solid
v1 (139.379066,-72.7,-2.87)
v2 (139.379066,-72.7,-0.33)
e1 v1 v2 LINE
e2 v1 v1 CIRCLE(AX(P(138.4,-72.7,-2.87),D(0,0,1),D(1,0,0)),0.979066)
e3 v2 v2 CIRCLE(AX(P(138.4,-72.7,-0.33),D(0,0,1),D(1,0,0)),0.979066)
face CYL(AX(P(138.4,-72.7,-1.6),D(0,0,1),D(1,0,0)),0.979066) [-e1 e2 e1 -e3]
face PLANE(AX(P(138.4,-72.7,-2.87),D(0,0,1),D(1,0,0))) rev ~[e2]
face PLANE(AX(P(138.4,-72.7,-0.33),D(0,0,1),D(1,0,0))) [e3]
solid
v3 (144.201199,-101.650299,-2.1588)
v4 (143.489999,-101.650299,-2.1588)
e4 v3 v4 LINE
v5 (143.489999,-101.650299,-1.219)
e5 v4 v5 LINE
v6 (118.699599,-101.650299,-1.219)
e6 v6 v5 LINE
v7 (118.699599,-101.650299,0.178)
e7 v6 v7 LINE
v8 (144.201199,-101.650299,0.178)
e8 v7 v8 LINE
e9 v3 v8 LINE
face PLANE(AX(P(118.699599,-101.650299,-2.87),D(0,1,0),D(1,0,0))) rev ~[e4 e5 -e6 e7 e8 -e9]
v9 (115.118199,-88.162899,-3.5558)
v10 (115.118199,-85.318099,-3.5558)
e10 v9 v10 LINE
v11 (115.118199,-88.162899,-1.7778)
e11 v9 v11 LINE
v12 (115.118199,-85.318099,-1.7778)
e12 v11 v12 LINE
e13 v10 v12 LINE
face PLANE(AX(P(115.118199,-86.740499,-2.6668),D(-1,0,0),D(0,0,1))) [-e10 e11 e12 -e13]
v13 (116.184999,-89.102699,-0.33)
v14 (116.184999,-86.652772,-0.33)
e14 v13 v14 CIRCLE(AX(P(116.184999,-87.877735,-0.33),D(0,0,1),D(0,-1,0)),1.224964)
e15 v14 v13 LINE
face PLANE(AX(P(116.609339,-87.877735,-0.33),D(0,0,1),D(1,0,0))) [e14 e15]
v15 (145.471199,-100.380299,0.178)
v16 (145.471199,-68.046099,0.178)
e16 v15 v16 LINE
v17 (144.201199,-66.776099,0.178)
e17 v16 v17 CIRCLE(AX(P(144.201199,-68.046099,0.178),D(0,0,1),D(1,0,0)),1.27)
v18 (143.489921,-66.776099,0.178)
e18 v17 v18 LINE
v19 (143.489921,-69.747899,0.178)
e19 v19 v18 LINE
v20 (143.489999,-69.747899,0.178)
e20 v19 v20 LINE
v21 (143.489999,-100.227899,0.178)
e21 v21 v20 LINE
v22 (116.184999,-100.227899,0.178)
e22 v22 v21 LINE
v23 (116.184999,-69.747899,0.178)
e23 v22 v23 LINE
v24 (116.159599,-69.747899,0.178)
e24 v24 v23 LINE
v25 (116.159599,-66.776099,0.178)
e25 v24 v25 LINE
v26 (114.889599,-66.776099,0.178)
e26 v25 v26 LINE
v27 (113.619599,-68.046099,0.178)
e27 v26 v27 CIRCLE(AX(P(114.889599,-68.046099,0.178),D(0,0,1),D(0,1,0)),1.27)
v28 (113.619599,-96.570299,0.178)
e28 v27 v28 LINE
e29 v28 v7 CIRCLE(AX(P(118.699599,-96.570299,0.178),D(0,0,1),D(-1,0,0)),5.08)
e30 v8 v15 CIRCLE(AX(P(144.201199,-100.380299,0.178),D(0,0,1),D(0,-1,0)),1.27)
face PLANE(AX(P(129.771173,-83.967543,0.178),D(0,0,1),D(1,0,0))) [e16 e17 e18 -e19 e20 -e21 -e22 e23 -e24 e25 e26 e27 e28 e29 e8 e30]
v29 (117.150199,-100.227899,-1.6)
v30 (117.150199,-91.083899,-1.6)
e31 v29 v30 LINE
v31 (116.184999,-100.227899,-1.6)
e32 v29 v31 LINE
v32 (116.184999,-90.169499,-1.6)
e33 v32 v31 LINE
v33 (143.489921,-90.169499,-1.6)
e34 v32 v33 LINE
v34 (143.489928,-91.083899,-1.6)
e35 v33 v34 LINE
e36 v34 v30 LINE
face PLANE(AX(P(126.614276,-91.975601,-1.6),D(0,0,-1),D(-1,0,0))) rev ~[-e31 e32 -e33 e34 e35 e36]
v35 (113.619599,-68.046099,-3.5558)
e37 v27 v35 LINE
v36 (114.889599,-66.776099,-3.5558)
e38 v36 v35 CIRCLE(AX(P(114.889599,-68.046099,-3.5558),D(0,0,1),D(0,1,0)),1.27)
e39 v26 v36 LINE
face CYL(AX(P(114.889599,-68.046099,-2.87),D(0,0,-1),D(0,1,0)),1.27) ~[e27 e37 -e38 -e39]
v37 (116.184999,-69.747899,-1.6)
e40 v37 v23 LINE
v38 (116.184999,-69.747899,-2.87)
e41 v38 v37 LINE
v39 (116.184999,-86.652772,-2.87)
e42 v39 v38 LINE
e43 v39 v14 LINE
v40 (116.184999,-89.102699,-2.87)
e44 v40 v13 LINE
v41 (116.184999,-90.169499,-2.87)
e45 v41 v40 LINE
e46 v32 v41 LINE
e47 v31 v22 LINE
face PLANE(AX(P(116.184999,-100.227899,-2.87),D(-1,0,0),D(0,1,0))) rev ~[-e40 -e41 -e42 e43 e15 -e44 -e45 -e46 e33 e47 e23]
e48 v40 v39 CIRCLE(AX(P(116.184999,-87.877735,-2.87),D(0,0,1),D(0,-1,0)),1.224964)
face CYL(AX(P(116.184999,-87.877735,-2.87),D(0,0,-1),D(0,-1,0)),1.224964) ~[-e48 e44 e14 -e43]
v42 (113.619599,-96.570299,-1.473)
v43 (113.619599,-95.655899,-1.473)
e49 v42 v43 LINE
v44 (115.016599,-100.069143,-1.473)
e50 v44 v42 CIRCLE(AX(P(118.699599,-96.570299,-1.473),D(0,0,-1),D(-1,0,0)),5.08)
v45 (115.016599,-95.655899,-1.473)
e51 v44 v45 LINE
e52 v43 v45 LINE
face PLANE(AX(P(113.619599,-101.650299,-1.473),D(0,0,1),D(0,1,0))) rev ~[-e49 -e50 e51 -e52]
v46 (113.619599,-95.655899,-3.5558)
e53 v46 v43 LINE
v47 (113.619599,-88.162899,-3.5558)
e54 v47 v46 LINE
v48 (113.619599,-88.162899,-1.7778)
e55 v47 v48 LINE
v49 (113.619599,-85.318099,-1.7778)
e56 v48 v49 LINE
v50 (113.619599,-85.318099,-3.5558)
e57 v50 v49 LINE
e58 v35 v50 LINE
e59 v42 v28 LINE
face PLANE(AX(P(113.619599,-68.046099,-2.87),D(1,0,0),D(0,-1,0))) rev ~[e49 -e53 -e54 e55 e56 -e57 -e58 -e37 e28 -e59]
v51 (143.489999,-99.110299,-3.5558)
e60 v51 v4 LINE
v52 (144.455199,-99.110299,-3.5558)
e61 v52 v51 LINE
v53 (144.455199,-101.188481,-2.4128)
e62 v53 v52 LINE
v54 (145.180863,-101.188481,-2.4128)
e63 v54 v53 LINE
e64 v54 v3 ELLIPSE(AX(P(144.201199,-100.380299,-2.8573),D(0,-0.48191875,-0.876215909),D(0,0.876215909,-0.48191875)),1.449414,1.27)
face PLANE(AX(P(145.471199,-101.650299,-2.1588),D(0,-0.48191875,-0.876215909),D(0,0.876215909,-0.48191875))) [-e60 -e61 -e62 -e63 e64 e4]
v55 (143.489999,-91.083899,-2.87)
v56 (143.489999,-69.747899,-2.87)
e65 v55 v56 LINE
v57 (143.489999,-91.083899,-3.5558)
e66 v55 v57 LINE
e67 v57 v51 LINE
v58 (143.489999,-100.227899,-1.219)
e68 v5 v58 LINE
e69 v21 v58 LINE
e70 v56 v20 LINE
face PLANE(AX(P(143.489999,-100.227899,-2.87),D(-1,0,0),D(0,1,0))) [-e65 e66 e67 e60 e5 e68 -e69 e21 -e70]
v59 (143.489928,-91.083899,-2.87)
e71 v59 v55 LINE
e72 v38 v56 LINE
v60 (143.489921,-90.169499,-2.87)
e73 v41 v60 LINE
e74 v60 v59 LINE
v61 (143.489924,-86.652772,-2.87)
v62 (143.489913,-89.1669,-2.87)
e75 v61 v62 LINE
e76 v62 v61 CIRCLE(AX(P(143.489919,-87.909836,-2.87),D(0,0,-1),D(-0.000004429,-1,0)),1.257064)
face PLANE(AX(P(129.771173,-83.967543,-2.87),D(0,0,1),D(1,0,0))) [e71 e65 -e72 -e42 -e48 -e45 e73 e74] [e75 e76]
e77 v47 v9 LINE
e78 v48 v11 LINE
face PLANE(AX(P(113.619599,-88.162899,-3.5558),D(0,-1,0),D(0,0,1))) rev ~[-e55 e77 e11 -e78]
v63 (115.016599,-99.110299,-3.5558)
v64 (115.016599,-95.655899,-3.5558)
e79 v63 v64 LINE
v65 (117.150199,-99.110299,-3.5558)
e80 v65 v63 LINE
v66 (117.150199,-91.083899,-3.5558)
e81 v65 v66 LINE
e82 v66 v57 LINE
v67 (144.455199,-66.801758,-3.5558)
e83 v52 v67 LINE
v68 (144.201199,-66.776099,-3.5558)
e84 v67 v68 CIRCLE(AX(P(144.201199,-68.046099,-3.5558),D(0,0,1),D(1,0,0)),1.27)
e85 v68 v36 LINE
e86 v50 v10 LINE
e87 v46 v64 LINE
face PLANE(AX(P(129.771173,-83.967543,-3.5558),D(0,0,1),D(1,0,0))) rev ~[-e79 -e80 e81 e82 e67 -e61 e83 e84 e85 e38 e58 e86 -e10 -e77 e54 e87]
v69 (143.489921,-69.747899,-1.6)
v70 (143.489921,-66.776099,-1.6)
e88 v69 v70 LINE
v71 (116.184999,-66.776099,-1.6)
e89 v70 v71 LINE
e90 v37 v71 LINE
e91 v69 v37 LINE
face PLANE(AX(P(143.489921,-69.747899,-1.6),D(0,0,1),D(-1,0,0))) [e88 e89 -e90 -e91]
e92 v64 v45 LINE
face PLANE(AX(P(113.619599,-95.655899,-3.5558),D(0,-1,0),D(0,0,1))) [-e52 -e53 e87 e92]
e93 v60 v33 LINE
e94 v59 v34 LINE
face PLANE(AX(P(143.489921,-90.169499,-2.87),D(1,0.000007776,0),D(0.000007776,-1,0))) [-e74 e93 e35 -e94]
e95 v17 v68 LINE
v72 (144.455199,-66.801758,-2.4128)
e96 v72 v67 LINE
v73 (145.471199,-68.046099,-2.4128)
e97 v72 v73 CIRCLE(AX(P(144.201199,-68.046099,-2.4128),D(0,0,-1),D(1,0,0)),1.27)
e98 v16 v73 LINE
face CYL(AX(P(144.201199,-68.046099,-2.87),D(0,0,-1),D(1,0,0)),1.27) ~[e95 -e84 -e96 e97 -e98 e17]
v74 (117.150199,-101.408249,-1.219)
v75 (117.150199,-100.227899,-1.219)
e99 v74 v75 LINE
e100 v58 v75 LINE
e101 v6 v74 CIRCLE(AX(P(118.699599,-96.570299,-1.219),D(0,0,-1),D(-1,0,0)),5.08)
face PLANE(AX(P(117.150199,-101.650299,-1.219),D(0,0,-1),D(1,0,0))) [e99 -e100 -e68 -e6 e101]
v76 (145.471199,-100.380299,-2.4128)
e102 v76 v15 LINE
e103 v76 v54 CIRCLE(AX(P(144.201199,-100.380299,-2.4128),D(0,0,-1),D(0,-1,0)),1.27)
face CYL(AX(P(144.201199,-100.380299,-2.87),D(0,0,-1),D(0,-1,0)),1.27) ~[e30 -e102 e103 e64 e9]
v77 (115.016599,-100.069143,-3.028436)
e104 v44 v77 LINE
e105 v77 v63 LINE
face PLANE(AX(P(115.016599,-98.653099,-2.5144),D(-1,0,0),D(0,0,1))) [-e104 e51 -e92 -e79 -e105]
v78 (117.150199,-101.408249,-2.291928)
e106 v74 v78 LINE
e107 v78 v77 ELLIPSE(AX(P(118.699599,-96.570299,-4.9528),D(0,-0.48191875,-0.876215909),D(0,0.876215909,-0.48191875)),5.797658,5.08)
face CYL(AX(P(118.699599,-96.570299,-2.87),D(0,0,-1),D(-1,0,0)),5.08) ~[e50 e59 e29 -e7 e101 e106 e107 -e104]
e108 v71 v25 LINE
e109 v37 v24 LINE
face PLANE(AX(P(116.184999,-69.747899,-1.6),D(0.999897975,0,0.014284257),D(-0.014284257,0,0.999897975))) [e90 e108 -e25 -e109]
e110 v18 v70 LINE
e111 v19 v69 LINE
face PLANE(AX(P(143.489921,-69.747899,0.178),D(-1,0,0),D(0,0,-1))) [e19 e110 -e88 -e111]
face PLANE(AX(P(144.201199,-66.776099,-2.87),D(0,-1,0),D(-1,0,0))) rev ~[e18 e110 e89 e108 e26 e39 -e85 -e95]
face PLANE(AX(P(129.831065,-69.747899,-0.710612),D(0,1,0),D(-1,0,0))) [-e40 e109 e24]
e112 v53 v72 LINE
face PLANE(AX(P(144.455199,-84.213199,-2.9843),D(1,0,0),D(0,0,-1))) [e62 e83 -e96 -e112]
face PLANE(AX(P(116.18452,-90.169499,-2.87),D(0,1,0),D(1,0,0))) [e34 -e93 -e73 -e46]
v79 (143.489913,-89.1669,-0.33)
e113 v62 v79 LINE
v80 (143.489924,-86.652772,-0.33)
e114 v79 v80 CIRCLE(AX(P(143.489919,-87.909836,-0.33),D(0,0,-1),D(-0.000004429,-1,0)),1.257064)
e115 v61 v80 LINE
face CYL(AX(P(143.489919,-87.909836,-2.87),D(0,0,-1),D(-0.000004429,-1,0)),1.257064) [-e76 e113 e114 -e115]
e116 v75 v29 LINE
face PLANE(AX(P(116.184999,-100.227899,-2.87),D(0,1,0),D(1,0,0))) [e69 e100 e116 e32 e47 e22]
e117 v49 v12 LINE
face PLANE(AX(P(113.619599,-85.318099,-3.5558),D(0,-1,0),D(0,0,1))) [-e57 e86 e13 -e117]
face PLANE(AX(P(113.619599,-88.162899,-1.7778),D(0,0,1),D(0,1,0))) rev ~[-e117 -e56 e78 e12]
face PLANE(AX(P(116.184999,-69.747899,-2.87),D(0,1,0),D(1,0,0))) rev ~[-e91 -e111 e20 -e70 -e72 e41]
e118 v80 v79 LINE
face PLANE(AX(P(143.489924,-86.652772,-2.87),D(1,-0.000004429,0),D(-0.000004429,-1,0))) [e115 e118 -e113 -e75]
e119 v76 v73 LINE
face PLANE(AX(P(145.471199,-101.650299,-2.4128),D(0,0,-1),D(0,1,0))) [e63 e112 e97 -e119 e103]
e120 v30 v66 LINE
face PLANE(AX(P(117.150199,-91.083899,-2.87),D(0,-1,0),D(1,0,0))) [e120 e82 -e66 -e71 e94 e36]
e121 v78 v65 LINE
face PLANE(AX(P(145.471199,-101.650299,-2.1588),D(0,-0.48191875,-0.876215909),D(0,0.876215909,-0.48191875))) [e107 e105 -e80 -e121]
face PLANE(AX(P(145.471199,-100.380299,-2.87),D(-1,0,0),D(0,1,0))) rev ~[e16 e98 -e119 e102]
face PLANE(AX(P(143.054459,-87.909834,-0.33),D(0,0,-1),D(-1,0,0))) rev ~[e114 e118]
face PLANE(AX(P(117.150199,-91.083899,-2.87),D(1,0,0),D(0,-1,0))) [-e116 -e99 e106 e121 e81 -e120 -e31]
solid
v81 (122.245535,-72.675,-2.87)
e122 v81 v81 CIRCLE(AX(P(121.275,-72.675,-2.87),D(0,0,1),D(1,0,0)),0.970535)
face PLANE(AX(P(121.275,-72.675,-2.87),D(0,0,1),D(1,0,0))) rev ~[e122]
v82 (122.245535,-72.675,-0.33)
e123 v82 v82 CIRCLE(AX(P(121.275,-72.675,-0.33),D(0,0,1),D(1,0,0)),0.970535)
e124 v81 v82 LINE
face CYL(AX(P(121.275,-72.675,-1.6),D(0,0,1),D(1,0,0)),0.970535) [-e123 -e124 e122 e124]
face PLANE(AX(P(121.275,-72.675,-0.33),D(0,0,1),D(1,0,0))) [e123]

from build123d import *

# Parameters (mm, degrees)
SKETCH1_R                  = 0.970535
BOSS_EXTRUDE1_DEPTH        = 1.27
BOSS_EXTRUDE1_DEPTH_BACK   = 1.27
SKETCH1_R_2                = 0.979066
BOSS_EXTRUDE1_2_DEPTH      = 1.27
BOSS_EXTRUDE1_2_DEPTH_BACK = 1.27
SKETCH4_W                  = 26.3398
SKETCH4_H                  = 9.144
BOSS_EXTRUDE2_DEPTH        = 0.6858
SKETCH7_W                  = 27.305
SKETCH7_H                  = 30.48
BOSS_EXTRUDE10_DEPTH       = 3.048
BOSS_EXTRUDE11_DEPTH       = 2.54
BOSS_EXTRUDE12_DEPTH       = 1.27
SKETCH11_W                 = 1.143
SKETCH11_H                 = 34.8742
CUT_EXTRUDE2_DEPTH         = 1.016
CUT_EXTRUDE3_DEPTH         = 2.9718
CUT_EXTRUDE4_DEPTH         = 31.8516
SKETCH14_W                 = 2.0828
SKETCH14_H                 = 5.9944
CUT_EXTRUDE5_DEPTH         = 1.397
SKETCH15_W                 = 1.778
SKETCH15_H                 = 2.8448
CUT_EXTRUDE6_DEPTH         = 1.4986
SKETCH16_W                 = 26.3398
SKETCH16_H                 = 2.3368
CUT_EXTRUDE7_DEPTH         = 3.81


with BuildPart() as part:
    # Sketch1 → Boss-Extrude1 (new body, two sides)
    with BuildSketch(Plane.XY.offset(-1.6)) as boss_extrude1_sk:
        with Locations((121.275, -72.675)):
            Circle(SKETCH1_R)
    extrude(amount=BOSS_EXTRUDE1_DEPTH)
    extrude(boss_extrude1_sk.sketch, amount=-BOSS_EXTRUDE1_DEPTH_BACK)


with BuildPart() as body_2:
    # Sketch1 → Boss-Extrude1 2 (new body, two sides)
    with BuildSketch(Plane.XY.offset(-1.6)) as boss_extrude1_2_sk:
        with Locations((138.4, -72.7)):
            Circle(SKETCH1_R_2)
    extrude(amount=BOSS_EXTRUDE1_2_DEPTH)
    extrude(boss_extrude1_2_sk.sketch, amount=-BOSS_EXTRUDE1_2_DEPTH_BACK)


with BuildPart() as body_3:
    # Sketch4 → Boss-Extrude2 (new body)
    with BuildSketch(Plane.XY.offset(-2.87)):
        with BuildLine():
            Line((113.619599, -68.046099), (113.619599, -96.570299))
            ThreePointArc((113.619599, -96.570299), (115.107496552, -100.162401448), (118.699599, -101.650299))
            Line((118.699599, -101.650299), (144.201199, -101.650299))
            ThreePointArc((144.201199, -101.650299), (145.099224612, -101.278324612), (145.471199, -100.380299))
            Line((145.471199, -100.380299), (145.471199, -68.046099))
            ThreePointArc((145.471199, -68.046099), (145.099224612, -67.148073388), (144.201199, -66.776099))
            Line((144.201199, -66.776099), (114.889599, -66.776099))
            ThreePointArc((114.889599, -66.776099), (113.991573388, -67.148073388), (113.619599, -68.046099))
        make_face()
        with Locations((130.320099, -95.655899)):
            Rectangle(SKETCH4_W, SKETCH4_H, mode=Mode.SUBTRACT)
    extrude(amount=-BOSS_EXTRUDE2_DEPTH)

    # Sketch7 → Boss-Extrude10 (add)
    with BuildSketch(Plane.XY.offset(-2.87)):
        with BuildLine():
            Line((113.619599, -68.046099), (113.619599, -96.570299))
            ThreePointArc((113.619599, -96.570299), (115.107496552, -100.162401448), (118.699599, -101.650299))
            Line((118.699599, -101.650299), (144.201199, -101.650299))
            ThreePointArc((144.201199, -101.650299), (145.099224612, -101.278324612), (145.471199, -100.380299))
            Line((145.471199, -100.380299), (145.471199, -68.046099))
            ThreePointArc((145.471199, -68.046099), (145.099224612, -67.148073388), (144.201199, -66.776099))
            Line((144.201199, -66.776099), (114.889599, -66.776099))
            ThreePointArc((114.889599, -66.776099), (113.991573388, -67.148073388), (113.619599, -68.046099))
        make_face()
        with Locations((129.837499, -84.987899)):
            Rectangle(SKETCH7_W, SKETCH7_H, mode=Mode.SUBTRACT)
    extrude(amount=BOSS_EXTRUDE10_DEPTH)

    # Sketch8 → Boss-Extrude11 (add)
    with BuildSketch(Plane.XY.offset(-2.87)):
        with BuildLine():
            Line((116.184999, -86.652771972), (116.184999, -89.102699))
            ThreePointArc((116.184999, -89.102699), (117.409962514, -87.877735486), (116.184999, -86.652771972))
        make_face()
        with BuildLine():
            ThreePointArc((143.489913, -89.1669), (142.232854553, -87.909830419), (143.489924134, -86.652771972))
            Line((143.489924134, -86.652771972), (143.489913, -89.1669))
        make_face()
    extrude(amount=BOSS_EXTRUDE11_DEPTH)

    # Sketch10 → Boss-Extrude12 (add)
    with BuildSketch(Plane.XY.offset(-2.87)):
        Polygon((116.184519548, -90.169499), (143.489920795, -90.169499), (143.489927905, -91.083899), (117.150199, -91.083899), (117.150199, -100.227899), (116.184999, -100.227899), align=None)
    extrude(amount=BOSS_EXTRUDE12_DEPTH)

    # Sketch11 → Cut-Extrude2 (cut)
    with BuildSketch(Plane(origin=(145.471199, 0, 0), x_dir=(0, 0, -1), z_dir=(1, 0, 0))):
        with Locations((2.9843, -84.213199)):
            Rectangle(SKETCH11_W, SKETCH11_H)
    extrude(amount=-CUT_EXTRUDE2_DEPTH, mode=Mode.SUBTRACT)

    # Sketch12 → Cut-Extrude3 (cut)
    with BuildSketch(Plane.XZ.offset(69.747899)):
        Polygon((143.489920795, -1.6), (116.184999, -1.6), (116.159599, 0.178), (143.489920795, 0.178), align=None)
    extrude(amount=-CUT_EXTRUDE3_DEPTH, mode=Mode.SUBTRACT)

    # Sketch13 → Cut-Extrude4 (cut)
    with BuildSketch(Plane(origin=(145.471199, 0, 0), x_dir=(0, 0, -1), z_dir=(1, 0, 0))):
        Polygon((3.5558, -101.650299), (2.1588, -101.650299), (3.5558, -99.110299), align=None)
    extrude(amount=-CUT_EXTRUDE4_DEPTH, mode=Mode.SUBTRACT)

    # Sketch14 → Cut-Extrude5 (cut)
    with BuildSketch(Plane.ZY.offset(-113.619599)):
        with Locations((-2.5144, -98.653099)):
            Rectangle(SKETCH14_W, SKETCH14_H)
    extrude(amount=-CUT_EXTRUDE5_DEPTH, mode=Mode.SUBTRACT)

    # Sketch15 → Cut-Extrude6 (cut)
    with BuildSketch(Plane.ZY.offset(-113.619599)):
        with Locations((-2.6668, -86.740499)):
            Rectangle(SKETCH15_W, SKETCH15_H)
    extrude(amount=-CUT_EXTRUDE6_DEPTH, mode=Mode.SUBTRACT)

    # Sketch16 → Cut-Extrude7 (cut)
    with BuildSketch(Plane.XZ.offset(101.650299)):
        with Locations((130.320099, -2.3874)):
            Rectangle(SKETCH16_W, SKETCH16_H)
    extrude(amount=-CUT_EXTRUDE7_DEPTH, mode=Mode.SUBTRACT)


solid = Compound([part.part, body_2.part, body_3.part])
